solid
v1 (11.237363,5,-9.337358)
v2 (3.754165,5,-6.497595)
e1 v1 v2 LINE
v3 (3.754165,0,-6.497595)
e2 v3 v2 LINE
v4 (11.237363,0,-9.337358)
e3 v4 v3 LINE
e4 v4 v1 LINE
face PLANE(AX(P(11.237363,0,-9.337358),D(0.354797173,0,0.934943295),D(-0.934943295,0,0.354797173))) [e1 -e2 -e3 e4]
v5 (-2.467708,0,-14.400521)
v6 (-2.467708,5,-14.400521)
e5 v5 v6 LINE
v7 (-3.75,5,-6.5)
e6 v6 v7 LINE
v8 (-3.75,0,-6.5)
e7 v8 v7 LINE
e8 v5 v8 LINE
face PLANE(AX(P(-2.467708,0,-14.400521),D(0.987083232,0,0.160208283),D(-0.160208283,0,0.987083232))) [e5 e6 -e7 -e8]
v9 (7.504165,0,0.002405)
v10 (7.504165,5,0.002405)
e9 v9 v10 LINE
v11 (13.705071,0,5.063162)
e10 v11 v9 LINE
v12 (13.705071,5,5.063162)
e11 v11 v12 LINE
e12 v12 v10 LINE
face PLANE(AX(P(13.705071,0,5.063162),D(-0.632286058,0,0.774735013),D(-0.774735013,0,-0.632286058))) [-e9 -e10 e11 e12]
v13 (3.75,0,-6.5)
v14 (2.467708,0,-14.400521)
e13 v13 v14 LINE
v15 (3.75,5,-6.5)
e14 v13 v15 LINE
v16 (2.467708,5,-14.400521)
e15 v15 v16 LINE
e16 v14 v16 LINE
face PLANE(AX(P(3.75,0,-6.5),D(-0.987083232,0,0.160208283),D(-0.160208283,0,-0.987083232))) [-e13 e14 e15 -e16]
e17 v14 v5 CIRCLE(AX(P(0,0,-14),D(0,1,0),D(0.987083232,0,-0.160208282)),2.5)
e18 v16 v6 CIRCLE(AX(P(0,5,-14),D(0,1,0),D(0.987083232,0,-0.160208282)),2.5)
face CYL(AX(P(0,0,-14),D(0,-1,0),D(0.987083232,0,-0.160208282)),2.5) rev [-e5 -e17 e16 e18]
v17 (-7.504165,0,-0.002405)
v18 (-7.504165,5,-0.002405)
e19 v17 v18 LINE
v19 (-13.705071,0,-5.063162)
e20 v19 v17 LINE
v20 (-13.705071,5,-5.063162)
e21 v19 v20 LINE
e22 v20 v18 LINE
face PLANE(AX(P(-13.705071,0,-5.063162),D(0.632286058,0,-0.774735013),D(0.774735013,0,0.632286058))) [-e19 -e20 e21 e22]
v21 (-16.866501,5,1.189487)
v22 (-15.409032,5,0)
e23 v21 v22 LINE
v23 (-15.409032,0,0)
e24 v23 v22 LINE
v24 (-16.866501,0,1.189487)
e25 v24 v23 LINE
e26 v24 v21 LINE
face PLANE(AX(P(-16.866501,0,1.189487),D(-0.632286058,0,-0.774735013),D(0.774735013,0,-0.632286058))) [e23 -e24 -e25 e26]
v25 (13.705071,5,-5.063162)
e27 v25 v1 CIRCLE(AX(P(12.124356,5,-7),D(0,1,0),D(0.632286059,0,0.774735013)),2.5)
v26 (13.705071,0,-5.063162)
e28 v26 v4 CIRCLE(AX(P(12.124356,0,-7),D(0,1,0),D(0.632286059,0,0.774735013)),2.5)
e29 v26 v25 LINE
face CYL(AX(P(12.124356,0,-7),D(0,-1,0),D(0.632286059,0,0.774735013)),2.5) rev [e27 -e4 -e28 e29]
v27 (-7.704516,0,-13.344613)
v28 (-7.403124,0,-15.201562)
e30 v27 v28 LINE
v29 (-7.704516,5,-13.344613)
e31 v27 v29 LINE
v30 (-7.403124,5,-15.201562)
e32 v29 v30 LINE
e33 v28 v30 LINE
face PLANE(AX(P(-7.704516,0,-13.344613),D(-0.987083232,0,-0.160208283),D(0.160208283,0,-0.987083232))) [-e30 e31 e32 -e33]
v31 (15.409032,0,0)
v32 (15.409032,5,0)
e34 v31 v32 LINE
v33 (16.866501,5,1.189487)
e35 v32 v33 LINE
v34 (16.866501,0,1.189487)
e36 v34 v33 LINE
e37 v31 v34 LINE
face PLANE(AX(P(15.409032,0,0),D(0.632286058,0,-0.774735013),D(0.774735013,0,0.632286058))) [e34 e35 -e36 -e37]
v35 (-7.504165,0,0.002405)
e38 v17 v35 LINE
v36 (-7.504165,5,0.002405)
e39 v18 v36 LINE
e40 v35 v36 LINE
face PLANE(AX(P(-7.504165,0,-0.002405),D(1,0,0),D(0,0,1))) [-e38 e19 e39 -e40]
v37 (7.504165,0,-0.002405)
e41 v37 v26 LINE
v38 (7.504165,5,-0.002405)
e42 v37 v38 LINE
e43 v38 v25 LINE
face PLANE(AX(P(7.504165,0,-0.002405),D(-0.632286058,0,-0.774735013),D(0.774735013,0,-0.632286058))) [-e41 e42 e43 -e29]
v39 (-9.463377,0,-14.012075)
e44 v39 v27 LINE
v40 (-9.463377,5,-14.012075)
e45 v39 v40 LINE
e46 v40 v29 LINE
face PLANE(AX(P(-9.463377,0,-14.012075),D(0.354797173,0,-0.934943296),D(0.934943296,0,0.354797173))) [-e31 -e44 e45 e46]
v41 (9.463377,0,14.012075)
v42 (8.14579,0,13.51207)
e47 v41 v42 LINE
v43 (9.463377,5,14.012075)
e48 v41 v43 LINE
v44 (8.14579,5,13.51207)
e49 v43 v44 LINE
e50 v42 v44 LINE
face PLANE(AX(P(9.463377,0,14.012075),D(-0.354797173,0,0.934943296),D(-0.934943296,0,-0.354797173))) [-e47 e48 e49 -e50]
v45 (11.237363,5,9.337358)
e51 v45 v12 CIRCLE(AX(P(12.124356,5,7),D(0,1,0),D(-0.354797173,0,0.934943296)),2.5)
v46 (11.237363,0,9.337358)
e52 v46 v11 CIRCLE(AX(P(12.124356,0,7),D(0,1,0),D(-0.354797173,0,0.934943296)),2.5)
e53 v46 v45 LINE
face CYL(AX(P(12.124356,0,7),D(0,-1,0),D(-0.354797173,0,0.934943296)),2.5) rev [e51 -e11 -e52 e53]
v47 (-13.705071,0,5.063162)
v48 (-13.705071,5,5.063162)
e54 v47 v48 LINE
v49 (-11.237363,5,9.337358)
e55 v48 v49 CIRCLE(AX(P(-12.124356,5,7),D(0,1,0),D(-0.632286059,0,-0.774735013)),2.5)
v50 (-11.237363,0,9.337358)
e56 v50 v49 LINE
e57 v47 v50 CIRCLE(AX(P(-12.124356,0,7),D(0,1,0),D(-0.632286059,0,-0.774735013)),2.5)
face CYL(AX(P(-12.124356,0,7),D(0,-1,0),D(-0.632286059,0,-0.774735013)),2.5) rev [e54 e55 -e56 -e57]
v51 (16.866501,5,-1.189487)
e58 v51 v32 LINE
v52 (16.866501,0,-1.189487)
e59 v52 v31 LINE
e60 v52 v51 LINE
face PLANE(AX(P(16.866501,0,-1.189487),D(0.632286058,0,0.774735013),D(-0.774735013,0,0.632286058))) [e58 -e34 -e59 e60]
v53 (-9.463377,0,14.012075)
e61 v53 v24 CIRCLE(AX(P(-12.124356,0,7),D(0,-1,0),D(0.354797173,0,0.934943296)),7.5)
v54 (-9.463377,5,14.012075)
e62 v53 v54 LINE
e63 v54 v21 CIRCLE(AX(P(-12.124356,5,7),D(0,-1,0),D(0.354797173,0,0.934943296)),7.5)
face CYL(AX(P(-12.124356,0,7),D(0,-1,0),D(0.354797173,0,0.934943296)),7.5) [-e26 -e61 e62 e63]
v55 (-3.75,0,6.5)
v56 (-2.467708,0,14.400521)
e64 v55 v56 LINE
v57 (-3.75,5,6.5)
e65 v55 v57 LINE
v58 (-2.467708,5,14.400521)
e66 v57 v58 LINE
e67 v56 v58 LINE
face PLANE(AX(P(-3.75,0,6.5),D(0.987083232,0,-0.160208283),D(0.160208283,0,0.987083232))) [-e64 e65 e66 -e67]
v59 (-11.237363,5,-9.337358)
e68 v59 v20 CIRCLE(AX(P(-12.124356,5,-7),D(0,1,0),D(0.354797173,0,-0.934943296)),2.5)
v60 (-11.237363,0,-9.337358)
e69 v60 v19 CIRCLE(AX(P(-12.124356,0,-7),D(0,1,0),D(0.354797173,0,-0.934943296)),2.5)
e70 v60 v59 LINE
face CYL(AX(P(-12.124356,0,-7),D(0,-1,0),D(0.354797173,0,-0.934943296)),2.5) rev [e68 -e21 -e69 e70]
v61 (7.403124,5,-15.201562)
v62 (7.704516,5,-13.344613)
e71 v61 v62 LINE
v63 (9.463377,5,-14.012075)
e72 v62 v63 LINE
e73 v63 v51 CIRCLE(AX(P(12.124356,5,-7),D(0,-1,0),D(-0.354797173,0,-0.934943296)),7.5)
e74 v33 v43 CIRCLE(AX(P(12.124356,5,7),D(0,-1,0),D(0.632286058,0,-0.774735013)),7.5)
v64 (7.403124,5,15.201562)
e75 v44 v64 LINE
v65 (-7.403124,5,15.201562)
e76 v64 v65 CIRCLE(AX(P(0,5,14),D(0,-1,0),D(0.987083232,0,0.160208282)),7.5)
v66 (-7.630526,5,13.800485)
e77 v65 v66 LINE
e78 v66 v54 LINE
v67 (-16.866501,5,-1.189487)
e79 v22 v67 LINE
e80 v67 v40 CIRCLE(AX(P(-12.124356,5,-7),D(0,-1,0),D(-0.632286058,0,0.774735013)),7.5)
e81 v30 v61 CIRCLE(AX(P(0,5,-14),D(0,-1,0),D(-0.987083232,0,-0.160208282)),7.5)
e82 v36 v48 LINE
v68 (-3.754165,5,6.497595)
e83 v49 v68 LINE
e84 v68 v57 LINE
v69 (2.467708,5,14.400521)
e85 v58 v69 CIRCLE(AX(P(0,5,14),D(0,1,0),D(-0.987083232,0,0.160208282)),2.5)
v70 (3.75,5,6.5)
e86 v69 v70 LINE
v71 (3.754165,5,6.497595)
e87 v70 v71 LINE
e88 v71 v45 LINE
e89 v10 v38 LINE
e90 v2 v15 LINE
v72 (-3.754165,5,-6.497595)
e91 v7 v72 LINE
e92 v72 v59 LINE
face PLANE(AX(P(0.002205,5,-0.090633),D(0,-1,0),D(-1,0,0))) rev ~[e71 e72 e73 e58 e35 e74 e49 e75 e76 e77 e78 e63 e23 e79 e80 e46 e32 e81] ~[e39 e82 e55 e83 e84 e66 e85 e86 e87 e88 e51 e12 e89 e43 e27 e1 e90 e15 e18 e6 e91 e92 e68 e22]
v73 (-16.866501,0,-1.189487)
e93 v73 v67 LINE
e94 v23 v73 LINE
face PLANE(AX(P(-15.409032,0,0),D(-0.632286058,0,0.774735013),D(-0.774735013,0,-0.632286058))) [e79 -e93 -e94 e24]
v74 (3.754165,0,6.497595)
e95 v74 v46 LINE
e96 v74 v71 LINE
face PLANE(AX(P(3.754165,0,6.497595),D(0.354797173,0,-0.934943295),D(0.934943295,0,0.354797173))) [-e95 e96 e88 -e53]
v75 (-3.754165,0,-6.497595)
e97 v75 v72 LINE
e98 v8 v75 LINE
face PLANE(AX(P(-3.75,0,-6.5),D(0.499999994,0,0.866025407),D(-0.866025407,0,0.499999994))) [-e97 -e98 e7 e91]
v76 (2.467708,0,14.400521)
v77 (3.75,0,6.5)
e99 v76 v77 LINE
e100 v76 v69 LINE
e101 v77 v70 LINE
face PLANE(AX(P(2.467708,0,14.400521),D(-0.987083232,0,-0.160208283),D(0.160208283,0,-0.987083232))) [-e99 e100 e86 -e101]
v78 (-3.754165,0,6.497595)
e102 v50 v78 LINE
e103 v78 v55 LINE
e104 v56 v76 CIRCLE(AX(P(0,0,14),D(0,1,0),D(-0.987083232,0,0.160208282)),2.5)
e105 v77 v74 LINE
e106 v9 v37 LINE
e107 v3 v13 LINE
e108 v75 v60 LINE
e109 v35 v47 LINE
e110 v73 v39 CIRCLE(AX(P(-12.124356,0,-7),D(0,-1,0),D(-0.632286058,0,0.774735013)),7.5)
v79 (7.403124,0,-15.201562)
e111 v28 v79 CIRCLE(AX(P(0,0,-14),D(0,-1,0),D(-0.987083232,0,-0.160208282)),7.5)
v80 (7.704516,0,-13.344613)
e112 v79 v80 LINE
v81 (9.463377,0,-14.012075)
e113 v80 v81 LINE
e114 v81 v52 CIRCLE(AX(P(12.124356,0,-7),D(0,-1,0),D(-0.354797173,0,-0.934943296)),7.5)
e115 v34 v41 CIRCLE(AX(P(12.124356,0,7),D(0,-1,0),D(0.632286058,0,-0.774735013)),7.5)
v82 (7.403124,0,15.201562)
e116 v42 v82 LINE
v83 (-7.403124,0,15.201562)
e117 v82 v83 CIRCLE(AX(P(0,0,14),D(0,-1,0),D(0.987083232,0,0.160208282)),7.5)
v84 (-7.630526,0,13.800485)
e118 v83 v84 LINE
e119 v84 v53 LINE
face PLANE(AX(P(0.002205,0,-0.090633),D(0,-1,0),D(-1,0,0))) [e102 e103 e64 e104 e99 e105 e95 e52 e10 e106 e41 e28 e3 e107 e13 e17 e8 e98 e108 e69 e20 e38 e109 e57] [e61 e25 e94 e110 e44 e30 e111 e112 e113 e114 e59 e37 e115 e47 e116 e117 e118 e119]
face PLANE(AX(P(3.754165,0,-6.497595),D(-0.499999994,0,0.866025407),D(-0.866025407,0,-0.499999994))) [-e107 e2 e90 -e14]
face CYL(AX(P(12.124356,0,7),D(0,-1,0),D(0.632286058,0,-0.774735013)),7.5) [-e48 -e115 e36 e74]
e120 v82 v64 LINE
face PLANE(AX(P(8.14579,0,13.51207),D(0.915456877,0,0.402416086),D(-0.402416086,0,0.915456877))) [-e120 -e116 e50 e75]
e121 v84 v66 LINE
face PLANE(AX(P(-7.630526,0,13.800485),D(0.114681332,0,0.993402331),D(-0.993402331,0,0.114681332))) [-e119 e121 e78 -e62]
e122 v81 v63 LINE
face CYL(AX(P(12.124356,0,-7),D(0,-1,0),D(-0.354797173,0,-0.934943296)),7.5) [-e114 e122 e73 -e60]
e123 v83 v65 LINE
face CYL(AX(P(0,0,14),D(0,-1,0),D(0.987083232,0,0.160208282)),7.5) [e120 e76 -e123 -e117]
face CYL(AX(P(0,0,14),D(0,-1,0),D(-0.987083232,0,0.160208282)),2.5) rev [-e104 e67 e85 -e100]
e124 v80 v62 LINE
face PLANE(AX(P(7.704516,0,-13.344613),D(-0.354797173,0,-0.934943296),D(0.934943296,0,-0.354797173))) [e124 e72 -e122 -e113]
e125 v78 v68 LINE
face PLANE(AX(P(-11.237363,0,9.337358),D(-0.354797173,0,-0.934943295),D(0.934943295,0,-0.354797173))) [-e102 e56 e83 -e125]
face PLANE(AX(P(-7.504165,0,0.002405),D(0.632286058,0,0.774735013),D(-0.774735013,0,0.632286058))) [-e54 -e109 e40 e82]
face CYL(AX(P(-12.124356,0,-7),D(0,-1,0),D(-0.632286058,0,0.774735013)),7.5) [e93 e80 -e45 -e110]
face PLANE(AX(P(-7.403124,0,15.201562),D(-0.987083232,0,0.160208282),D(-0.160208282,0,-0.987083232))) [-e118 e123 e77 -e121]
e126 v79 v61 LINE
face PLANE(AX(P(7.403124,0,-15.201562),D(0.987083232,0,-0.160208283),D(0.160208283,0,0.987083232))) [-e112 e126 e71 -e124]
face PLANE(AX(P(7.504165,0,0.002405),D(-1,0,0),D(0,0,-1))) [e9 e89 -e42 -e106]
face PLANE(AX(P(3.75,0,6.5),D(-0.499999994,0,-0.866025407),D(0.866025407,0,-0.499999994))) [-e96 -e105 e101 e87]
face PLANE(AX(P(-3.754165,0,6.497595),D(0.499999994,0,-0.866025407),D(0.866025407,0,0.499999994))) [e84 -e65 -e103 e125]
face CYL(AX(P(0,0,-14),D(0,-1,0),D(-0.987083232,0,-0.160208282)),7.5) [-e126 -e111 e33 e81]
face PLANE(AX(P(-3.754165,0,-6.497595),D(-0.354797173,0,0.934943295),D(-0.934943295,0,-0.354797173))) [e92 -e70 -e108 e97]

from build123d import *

# Parameters (mm, degrees)
BOSS_EXTRUDE1_DEPTH = 5


with BuildPart() as part:
    # Sketch1 → Boss-Extrude1 (new body)
    with BuildSketch(Plane(origin=(0, 0, 0), x_dir=(1, 0, 0), z_dir=(0, 1, 0))):
        with BuildLine():
            Line((-9.463376853, 14.012074716), (-7.70451588, 13.344612952))
            Line((-7.70451588, 13.344612952), (-7.403124237, 15.201562119))
            ThreePointArc((-7.403124237, 15.201562119), (0, 21.5), (7.403124237, 15.201562119))
            Line((7.403124237, 15.201562119), (7.70451588, 13.344612952))
            Line((7.70451588, 13.344612952), (9.463376853, 14.012074716))
            ThreePointArc((9.463376853, 14.012074716), (18.619546181, 10.75), (16.866501091, 1.189487402))
            Line((16.866501091, 1.189487402), (15.40903176, 0))
            Line((15.40903176, 0), (16.866501091, -1.189487402))
            ThreePointArc((16.866501091, -1.189487402), (18.619546181, -10.75), (9.463376853, -14.012074716))
            Line((9.463376853, -14.012074716), (8.145790319, -13.512070085))
            Line((8.145790319, -13.512070085), (7.403124237, -15.201562119))
            ThreePointArc((7.403124237, -15.201562119), (0, -21.5), (-7.403124237, -15.201562119))
            Line((-7.403124237, -15.201562119), (-7.630525703, -13.800484906))
            Line((-7.630525703, -13.800484906), (-9.463376853, -14.012074716))
            ThreePointArc((-9.463376853, -14.012074716), (-18.619546181, -10.75), (-16.866501091, -1.189487402))
            Line((-16.866501091, -1.189487402), (-15.40903176, 0))
            Line((-15.40903176, 0), (-16.866501091, 1.189487402))
            ThreePointArc((-16.866501091, 1.189487402), (-18.619546181, 10.75), (-9.463376853, 14.012074716))
        make_face()
        with BuildLine():
            ThreePointArc((-11.23736272, 9.337358239), (-14.289419162, 8.25), (-13.705070799, 5.063162467))
            Line((-13.705070799, 5.063162467), (-7.504165125, 0.002404736))
            Line((-7.504165125, 0.002404736), (-7.504165125, -0.002404736))
            Line((-7.504165125, -0.002404736), (-13.705070799, -5.063162467))
            ThreePointArc((-13.705070799, -5.063162467), (-14.289419162, -8.25), (-11.23736272, -9.337358239))
            Line((-11.23736272, -9.337358239), (-3.754165125, -6.497595264))
            Line((-3.754165125, -6.497595264), (-3.75, -6.5))
            Line((-3.75, -6.5), (-2.467708079, -14.400520706))
            ThreePointArc((-2.467708079, -14.400520706), (0, -16.5), (2.467708079, -14.400520706))
            Line((2.467708079, -14.400520706), (3.75, -6.5))
            Line((3.75, -6.5), (3.754165125, -6.497595264))
            Line((3.754165125, -6.497595264), (11.23736272, -9.337358239))
            ThreePointArc((11.23736272, -9.337358239), (14.289419162, -8.25), (13.705070799, -5.063162467))
            Line((13.705070799, -5.063162467), (7.504165125, -0.002404736))
            Line((7.504165125, -0.002404736), (7.504165125, 0.002404736))
            Line((7.504165125, 0.002404736), (13.705070799, 5.063162467))
            ThreePointArc((13.705070799, 5.063162467), (14.289419162, 8.25), (11.23736272, 9.337358239))
            Line((11.23736272, 9.337358239), (3.754165125, 6.497595264))
            Line((3.754165125, 6.497595264), (3.75, 6.5))
            Line((3.75, 6.5), (2.467708079, 14.400520706))
            ThreePointArc((2.467708079, 14.400520706), (0, 16.5), (-2.467708079, 14.400520706))
            Line((-2.467708079, 14.400520706), (-3.75, 6.5))
            Line((-3.75, 6.5), (-3.754165125, 6.497595264))
            Line((-3.754165125, 6.497595264), (-11.23736272, 9.337358239))
        make_face(mode=Mode.SUBTRACT)
    extrude(amount=BOSS_EXTRUDE1_DEPTH)


solid = part.part
